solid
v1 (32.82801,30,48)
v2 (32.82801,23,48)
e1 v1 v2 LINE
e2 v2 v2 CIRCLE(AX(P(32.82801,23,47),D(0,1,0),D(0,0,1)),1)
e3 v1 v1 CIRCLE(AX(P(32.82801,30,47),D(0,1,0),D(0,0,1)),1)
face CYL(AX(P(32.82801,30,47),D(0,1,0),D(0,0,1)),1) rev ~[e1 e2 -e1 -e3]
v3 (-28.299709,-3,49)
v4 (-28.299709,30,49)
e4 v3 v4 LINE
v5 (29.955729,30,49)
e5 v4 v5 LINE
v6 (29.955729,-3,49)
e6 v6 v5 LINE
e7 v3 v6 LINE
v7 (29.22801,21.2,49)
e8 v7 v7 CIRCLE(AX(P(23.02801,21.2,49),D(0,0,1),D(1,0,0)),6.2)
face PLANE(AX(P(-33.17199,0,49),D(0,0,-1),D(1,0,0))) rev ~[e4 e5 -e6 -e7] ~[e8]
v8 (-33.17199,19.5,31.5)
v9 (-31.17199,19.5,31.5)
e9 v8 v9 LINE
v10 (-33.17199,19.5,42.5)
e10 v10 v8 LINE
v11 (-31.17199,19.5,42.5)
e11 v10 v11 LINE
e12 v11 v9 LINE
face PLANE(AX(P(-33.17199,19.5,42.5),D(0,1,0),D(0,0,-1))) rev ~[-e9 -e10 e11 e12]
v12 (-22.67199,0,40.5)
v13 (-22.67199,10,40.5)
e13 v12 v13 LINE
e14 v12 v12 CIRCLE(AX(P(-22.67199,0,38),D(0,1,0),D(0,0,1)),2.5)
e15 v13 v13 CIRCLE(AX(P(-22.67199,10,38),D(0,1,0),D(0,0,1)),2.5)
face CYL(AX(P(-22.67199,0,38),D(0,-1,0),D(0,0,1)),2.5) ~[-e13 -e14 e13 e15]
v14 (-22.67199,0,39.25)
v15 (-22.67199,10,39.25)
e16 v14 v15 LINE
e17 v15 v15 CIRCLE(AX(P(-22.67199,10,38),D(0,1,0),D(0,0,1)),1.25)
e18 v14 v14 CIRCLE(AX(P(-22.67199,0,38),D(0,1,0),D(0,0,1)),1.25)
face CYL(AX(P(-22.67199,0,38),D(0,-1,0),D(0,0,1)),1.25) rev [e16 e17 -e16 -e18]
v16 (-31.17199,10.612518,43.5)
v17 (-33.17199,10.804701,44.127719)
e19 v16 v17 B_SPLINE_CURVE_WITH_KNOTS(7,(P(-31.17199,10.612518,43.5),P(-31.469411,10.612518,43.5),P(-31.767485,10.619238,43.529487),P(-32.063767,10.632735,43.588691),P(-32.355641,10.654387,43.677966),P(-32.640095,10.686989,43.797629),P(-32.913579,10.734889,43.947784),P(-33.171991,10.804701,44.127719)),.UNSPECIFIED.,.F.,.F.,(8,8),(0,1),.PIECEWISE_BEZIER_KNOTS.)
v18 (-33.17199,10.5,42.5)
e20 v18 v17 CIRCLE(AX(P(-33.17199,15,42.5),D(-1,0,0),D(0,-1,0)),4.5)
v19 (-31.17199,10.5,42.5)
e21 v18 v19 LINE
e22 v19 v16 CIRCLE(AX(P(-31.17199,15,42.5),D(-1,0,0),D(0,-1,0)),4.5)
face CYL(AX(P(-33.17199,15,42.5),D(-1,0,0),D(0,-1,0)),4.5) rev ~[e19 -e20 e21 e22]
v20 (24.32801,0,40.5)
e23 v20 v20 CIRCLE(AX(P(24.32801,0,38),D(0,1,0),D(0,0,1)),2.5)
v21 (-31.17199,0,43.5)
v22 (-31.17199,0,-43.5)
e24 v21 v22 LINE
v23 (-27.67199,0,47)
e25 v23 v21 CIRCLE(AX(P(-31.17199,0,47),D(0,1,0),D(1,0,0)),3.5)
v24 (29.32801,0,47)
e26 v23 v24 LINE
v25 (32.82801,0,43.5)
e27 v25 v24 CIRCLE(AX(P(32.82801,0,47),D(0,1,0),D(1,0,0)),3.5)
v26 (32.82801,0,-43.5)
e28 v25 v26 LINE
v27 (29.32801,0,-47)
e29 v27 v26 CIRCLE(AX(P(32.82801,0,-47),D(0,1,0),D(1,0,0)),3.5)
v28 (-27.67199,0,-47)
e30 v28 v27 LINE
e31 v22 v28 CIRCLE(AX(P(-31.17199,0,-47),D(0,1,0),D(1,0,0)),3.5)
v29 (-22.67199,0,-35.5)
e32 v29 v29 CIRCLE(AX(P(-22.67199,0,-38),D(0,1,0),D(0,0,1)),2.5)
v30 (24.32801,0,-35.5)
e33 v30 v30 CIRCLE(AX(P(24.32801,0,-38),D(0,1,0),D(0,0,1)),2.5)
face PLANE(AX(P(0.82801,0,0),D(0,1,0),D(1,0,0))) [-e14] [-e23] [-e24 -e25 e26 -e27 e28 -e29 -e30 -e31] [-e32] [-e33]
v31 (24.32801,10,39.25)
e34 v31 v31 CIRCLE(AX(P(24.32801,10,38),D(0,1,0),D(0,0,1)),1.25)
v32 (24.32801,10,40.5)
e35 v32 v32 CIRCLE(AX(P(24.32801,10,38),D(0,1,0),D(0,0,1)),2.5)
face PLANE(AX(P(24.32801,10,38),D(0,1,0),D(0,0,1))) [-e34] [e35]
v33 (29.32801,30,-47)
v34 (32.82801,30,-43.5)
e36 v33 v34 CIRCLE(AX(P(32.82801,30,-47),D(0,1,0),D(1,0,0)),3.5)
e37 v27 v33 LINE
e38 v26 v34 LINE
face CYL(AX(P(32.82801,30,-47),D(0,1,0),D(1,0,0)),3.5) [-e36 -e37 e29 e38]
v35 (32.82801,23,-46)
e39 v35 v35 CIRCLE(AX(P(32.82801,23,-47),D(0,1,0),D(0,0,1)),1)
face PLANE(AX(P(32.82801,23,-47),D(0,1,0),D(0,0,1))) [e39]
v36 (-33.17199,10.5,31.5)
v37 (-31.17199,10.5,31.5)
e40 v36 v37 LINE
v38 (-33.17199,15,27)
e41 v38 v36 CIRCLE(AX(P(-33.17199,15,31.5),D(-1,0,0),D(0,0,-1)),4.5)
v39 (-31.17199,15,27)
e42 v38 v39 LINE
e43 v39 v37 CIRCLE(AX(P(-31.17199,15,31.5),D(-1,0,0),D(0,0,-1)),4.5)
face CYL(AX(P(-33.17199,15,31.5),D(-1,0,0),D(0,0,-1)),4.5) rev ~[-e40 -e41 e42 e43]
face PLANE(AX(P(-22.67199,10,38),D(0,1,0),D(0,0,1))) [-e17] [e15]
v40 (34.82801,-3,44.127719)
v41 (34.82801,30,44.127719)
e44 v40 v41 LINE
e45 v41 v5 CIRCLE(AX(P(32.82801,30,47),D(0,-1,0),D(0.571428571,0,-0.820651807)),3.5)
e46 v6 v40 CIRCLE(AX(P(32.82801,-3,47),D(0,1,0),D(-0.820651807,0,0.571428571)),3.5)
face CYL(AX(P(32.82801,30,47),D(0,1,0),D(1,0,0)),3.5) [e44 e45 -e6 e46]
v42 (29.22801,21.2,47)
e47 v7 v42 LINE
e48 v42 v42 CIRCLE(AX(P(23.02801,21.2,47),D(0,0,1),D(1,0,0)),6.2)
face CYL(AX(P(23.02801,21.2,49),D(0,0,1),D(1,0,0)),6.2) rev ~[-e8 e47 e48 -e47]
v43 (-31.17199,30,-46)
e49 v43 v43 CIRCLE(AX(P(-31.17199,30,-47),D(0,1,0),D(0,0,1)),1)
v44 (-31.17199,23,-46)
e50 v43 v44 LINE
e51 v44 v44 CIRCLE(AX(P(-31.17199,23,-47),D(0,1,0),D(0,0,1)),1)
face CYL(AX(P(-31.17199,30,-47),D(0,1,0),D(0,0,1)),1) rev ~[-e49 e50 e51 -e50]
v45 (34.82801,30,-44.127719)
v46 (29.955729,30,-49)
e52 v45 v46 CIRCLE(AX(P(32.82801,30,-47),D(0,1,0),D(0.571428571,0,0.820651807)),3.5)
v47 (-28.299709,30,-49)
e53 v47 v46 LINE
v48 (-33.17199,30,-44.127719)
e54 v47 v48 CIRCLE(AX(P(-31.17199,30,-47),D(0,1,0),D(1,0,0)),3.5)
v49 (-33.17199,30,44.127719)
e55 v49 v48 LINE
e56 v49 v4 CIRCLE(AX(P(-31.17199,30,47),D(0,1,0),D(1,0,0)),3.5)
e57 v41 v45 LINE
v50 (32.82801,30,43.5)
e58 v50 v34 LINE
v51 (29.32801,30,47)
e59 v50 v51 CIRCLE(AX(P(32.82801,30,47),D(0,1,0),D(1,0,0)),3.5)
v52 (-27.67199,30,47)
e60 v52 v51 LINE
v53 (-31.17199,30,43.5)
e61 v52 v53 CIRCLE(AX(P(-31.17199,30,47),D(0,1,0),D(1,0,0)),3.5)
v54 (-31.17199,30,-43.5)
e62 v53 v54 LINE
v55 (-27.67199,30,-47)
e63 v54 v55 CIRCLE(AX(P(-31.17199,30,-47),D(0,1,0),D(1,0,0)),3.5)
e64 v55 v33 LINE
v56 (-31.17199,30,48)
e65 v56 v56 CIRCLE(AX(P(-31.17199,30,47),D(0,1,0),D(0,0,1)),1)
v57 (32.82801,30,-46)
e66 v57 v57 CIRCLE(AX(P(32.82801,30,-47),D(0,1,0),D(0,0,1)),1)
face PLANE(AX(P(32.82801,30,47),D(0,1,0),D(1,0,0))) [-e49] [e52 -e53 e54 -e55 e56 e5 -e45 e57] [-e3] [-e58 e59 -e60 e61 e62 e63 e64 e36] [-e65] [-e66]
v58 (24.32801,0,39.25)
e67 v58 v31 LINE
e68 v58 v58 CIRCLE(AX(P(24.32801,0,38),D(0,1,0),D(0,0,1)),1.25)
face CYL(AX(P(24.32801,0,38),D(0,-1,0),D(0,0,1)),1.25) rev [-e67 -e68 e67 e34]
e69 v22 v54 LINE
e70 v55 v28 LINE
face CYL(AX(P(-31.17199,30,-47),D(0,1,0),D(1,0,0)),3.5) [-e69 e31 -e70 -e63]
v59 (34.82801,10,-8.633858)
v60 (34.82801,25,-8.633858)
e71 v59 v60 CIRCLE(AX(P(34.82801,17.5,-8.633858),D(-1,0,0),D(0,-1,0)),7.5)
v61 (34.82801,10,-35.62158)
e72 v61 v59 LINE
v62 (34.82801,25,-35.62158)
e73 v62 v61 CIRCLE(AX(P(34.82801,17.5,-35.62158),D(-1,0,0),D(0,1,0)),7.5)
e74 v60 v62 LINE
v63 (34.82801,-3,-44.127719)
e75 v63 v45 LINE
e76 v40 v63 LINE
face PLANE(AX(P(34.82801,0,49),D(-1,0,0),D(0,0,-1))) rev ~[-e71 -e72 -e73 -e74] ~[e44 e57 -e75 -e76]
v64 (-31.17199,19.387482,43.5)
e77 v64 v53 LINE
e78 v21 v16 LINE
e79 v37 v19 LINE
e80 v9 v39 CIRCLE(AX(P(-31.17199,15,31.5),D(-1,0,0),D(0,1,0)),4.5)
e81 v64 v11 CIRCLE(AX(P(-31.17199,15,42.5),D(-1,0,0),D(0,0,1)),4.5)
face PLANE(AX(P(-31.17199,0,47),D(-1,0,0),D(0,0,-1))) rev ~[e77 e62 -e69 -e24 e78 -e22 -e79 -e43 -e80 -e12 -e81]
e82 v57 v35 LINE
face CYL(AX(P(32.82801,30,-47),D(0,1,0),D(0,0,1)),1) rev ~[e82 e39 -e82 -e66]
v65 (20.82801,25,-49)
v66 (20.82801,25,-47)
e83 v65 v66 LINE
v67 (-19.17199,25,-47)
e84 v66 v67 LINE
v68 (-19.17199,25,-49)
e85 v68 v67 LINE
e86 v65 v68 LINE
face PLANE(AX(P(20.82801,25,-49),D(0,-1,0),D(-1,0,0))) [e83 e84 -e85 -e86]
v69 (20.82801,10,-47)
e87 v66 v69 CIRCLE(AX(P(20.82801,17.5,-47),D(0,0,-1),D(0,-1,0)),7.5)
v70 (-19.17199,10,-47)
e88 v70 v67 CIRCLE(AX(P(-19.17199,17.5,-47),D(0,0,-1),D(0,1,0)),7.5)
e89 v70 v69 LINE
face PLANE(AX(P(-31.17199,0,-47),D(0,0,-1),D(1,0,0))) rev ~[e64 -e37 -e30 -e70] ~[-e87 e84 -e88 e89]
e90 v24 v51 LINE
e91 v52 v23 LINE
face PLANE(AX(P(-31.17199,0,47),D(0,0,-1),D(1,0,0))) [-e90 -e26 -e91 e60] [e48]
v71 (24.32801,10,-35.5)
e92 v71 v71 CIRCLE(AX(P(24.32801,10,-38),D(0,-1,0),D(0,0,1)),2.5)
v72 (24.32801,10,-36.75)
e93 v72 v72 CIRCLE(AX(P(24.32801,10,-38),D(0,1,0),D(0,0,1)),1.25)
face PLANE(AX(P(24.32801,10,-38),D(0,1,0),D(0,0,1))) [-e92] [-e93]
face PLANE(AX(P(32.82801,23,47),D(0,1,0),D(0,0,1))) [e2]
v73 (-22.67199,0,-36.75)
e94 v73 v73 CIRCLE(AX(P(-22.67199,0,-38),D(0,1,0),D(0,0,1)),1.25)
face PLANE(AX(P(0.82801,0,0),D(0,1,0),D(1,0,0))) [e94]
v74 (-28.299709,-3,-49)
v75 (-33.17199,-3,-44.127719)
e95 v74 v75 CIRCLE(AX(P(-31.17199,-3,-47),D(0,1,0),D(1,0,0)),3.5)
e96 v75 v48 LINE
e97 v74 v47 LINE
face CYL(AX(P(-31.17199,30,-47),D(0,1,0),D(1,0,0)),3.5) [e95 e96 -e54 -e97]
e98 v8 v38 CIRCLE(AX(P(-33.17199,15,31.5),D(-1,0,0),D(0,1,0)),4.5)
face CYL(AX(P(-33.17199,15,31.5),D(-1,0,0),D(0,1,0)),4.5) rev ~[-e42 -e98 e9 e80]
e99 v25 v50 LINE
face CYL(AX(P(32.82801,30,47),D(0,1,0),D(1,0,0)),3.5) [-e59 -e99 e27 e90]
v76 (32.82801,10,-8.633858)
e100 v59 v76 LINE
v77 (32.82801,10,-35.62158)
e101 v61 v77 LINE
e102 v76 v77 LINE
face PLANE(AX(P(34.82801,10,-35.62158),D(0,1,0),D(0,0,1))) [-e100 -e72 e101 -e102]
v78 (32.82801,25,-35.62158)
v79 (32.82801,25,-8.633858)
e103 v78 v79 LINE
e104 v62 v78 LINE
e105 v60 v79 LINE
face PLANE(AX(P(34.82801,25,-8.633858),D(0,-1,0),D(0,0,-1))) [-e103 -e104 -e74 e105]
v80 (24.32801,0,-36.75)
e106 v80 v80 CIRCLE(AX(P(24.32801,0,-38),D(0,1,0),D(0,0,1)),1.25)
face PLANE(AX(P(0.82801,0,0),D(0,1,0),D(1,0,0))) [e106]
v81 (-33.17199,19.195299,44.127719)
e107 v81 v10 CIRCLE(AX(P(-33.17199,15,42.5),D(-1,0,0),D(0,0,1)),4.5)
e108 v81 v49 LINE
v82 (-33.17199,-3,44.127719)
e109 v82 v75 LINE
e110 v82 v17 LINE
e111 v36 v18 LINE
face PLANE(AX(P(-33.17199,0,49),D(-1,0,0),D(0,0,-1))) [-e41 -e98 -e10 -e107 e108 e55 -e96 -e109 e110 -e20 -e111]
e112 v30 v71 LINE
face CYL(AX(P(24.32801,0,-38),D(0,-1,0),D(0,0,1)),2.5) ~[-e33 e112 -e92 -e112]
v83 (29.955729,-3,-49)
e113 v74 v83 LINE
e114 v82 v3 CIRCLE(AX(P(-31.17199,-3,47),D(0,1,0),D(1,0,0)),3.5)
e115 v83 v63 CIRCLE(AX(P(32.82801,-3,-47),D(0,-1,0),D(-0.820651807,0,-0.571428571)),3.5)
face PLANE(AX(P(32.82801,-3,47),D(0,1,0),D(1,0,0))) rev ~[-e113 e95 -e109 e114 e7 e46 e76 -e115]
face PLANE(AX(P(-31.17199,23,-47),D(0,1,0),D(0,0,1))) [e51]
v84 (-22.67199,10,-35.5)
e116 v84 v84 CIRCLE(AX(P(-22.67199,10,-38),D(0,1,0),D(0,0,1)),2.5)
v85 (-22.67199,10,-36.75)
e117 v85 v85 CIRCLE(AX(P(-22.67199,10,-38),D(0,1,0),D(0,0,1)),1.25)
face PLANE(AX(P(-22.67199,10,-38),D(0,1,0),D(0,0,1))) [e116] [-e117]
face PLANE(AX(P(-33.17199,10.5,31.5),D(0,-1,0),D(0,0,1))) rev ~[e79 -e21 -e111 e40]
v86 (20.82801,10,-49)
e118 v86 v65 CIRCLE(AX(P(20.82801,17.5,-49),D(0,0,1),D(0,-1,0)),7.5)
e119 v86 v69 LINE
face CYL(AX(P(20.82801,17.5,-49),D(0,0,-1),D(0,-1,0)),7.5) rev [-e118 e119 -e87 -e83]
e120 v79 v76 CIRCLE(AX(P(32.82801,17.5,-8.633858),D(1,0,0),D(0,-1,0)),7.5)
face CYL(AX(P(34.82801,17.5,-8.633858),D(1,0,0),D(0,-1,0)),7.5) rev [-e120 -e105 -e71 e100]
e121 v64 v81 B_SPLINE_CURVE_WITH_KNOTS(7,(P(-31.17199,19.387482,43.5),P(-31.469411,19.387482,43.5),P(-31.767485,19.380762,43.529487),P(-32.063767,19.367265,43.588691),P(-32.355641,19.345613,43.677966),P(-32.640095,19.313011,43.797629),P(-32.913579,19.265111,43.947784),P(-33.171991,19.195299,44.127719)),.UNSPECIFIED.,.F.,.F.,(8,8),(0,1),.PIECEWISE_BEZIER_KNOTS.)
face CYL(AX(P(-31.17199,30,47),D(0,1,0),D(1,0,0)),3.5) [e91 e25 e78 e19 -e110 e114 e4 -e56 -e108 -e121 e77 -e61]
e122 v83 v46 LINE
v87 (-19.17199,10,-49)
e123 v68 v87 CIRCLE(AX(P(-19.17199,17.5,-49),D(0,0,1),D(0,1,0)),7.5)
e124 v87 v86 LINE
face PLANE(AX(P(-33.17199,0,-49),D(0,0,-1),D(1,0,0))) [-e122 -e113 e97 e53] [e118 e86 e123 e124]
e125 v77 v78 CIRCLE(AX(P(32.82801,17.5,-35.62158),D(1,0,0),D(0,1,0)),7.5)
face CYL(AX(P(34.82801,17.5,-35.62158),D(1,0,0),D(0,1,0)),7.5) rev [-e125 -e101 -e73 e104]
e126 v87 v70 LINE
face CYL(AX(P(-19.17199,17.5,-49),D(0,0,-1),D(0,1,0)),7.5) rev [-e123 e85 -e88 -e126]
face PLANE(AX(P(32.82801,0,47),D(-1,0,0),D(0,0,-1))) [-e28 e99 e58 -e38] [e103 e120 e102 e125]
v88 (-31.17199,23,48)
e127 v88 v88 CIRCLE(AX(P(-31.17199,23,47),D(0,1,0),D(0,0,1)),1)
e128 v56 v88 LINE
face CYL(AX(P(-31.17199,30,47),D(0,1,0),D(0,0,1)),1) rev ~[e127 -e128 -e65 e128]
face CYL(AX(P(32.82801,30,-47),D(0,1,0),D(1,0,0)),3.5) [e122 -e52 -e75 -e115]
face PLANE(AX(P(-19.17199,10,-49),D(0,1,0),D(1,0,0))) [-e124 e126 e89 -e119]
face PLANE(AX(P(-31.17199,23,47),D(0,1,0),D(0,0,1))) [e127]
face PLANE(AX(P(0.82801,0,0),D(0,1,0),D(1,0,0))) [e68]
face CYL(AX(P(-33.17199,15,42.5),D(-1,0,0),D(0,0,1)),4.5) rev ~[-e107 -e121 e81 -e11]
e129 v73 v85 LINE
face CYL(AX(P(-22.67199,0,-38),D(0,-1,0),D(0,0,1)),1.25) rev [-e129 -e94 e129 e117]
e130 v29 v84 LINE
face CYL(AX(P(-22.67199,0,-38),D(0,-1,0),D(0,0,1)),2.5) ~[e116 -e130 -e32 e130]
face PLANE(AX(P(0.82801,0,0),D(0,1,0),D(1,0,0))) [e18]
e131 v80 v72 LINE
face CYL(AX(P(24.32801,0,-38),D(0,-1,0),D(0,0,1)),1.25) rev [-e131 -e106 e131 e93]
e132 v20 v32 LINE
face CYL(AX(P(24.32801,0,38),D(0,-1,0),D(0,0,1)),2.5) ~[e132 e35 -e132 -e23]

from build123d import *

# Parameters (mm, degrees)
SKETCH1_R             = 2.5
SKETCH1_R_2           = 1.25
BOSS_EXTRUDE1_DEPTH   = 10
BOSS_EXTRUDE1_2_DEPTH = 10
BOSS_EXTRUDE1_3_DEPTH = 10
BOSS_EXTRUDE1_4_DEPTH = 10
SKETCH2_W             = 68
SKETCH2_H             = 98
BOSS_EXTRUDE2_DEPTH   = 3
SKETCH3_W             = 68
SKETCH3_H             = 98
SKETCH3_W_2           = 64
SKETCH3_H_2           = 94
BOSS_EXTRUDE3_DEPTH   = 30
SKETCH4_R             = 6.2
CUT_EXTRUDE1_DEPTH    = 25
CUT_EXTRUDE2_DEPTH    = 5
SKETCH7_R             = 3.5
BOSS_EXTRUDE5_DEPTH   = 33
SKETCH8_R             = 1
CUT_EXTRUDE3_DEPTH    = 7
CUT_EXTRUDE6_DEPTH    = 3.3
CUT_EXTRUDE7_DEPTH    = 10


with BuildPart() as part:
    # Sketch1 → Boss-Extrude1 (new body)
    with BuildSketch(Plane(origin=(0, 0, 0), x_dir=(1, 0, 0), z_dir=(0, 1, 0))):
        with Locations(Location((24.328009845, -38, 0), (0, 0, 270))):
            Circle(SKETCH1_R)
        with Locations(Location((24.328009845, -38, 0), (0, 0, 270))):
            Circle(SKETCH1_R_2, mode=Mode.SUBTRACT)
    extrude(amount=BOSS_EXTRUDE1_DEPTH)



with BuildPart() as body_2:
    # Sketch1 → Boss-Extrude1 2 (new body)
    with BuildSketch(Plane(origin=(0, 0, 0), x_dir=(1, 0, 0), z_dir=(0, 1, 0))):
        with Locations(Location((24.328009845, 38, 0), (0, 0, 270))):
            Circle(SKETCH1_R)
        with Locations(Location((24.328009845, 38, 0), (0, 0, 270))):
            Circle(SKETCH1_R_2, mode=Mode.SUBTRACT)
    extrude(amount=BOSS_EXTRUDE1_2_DEPTH)


with BuildPart() as body_3:
    # Sketch1 → Boss-Extrude1 3 (new body)
    with BuildSketch(Plane(origin=(0, 0, 0), x_dir=(1, 0, 0), z_dir=(0, 1, 0))):
        with Locations(Location((-22.671990155, 38, 0), (0, 0, 270))):
            Circle(SKETCH1_R)
        with Locations(Location((-22.671990155, 38, 0), (0, 0, 270))):
            Circle(SKETCH1_R_2, mode=Mode.SUBTRACT)
    extrude(amount=BOSS_EXTRUDE1_3_DEPTH)


with BuildPart() as body_4:
    # Sketch1 → Boss-Extrude1 4 (new body)
    with BuildSketch(Plane(origin=(0, 0, 0), x_dir=(1, 0, 0), z_dir=(0, 1, 0))):
        with Locations(Location((-22.671990155, -38, 0), (0, 0, 270))):
            Circle(SKETCH1_R)
        with Locations(Location((-22.671990155, -38, 0), (0, 0, 270))):
            Circle(SKETCH1_R_2, mode=Mode.SUBTRACT)
    extrude(amount=BOSS_EXTRUDE1_4_DEPTH)


with BuildPart() as part_1:
    add(part.part)

    add(body_2.part)  # Boss-Extrude2 merges body 2

    add(body_3.part)  # Boss-Extrude2 merges body 3

    add(body_4.part)  # Boss-Extrude2 merges body 4
    # Sketch2 → Boss-Extrude2 (add)
    with BuildSketch(Plane(origin=(0, 0, 0), x_dir=(1, 0, 0), z_dir=(0, 1, 0))):
        with Locations((0.828009845, 0)):
            Rectangle(SKETCH2_W, SKETCH2_H)
    extrude(amount=-BOSS_EXTRUDE2_DEPTH)

    # Sketch3 → Boss-Extrude3 (add)
    with BuildSketch(Plane(origin=(0, 0, 0), x_dir=(1, 0, 0), z_dir=(0, 1, 0))):
        with Locations((0.828009845, 0)):
            Rectangle(SKETCH3_W, SKETCH3_H)
        with Locations((0.828009845, 0)):
            Rectangle(SKETCH3_W_2, SKETCH3_H_2, mode=Mode.SUBTRACT)
    extrude(amount=BOSS_EXTRUDE3_DEPTH)

    # Sketch4 → Cut-Extrude1 (cut)
    with BuildSketch(Plane.XY.offset(49)):
        with Locations((23.028009845, 21.2)):
            Circle(SKETCH4_R)
    extrude(amount=-CUT_EXTRUDE1_DEPTH, mode=Mode.SUBTRACT)

    # Sketch5 → Cut-Extrude2 (cut)
    with BuildSketch(Plane.ZY.offset(33.171990155)):
        with BuildLine():
            Line((42.5, 19.5), (31.5, 19.5))
            ThreePointArc((31.5, 19.5), (28.318019485, 18.181980515), (27, 15))
            Line((27, 15), (37, 15))
            Line((37, 15), (47, 15))
            ThreePointArc((47, 15), (45.681980515, 18.181980515), (42.5, 19.5))
        make_face()
        with BuildLine():
            Line((37, 15), (27, 15))
            ThreePointArc((27, 15), (28.318019485, 11.818019485), (31.5, 10.5))
            Line((31.5, 10.5), (37, 10.5))
            Line((37, 10.5), (37, 15))
        make_face()
        with BuildLine():
            ThreePointArc((42.5, 10.5), (45.681980515, 11.818019485), (47, 15))
            Line((47, 15), (37, 15))
            Line((37, 15), (37, 10.5))
            Line((37, 10.5), (42.5, 10.5))
        make_face()
    extrude(amount=-CUT_EXTRUDE2_DEPTH, mode=Mode.SUBTRACT)

    # Sketch7 → Boss-Extrude5 (add)
    with BuildSketch(Plane(origin=(0, 30, 0), x_dir=(1, 0, 0), z_dir=(0, 1, 0))):
        with Locations((32.828009845, -47)):
            Circle(SKETCH7_R)
        with Locations((32.828009845, 47)):
            Circle(SKETCH7_R)
        with Locations((-31.171990155, 47)):
            Circle(SKETCH7_R)
        with Locations((-31.171990155, -47)):
            Circle(SKETCH7_R)
    extrude(amount=-BOSS_EXTRUDE5_DEPTH)

    # Sketch8 → Cut-Extrude3 (cut)
    with BuildSketch(Plane(origin=(0, 30, 0), x_dir=(1, 0, 0), z_dir=(0, 1, 0))):
        with Locations(Location((-31.171990155, -47, 0), (0, 0, 270))):
            Circle(SKETCH8_R)
        with Locations(Location((32.828009845, -47, 0), (0, 0, 270))):
            Circle(SKETCH8_R)
        with Locations(Location((32.828009845, 47, 0), (0, 0, 270))):
            Circle(SKETCH8_R)
        with Locations(Location((-31.171990155, 47, 0), (0, 0, 270))):
            Circle(SKETCH8_R)
    extrude(amount=-CUT_EXTRUDE3_DEPTH, mode=Mode.SUBTRACT)

    # Sketch12 → Cut-Extrude6 (cut)
    with BuildSketch(Plane(origin=(0, 0, -49), x_dir=(-1, 0, 0), z_dir=(0, 0, -1))):
        with BuildLine():
            Line((-20.828009845, 25), (19.171990155, 25))
            ThreePointArc((19.171990155, 25), (26.671990155, 17.5), (19.171990155, 10))
            Line((19.171990155, 10), (-20.828009845, 10))
            ThreePointArc((-20.828009845, 10), (-28.328009845, 17.5), (-20.828009845, 25))
        make_face()
    extrude(amount=-CUT_EXTRUDE6_DEPTH, mode=Mode.SUBTRACT)

    # Sketch14 → Cut-Extrude7 (cut)
    with BuildSketch(Plane(origin=(34.828009845, 0, 0), x_dir=(0, 0, -1), z_dir=(1, 0, 0))):
        with BuildLine():
            Line((8.633857568, 25), (35.621579786, 25))
            ThreePointArc((35.621579786, 25), (43.121579786, 17.5), (35.621579786, 10))
            Line((35.621579786, 10), (8.633857568, 10))
            ThreePointArc((8.633857568, 10), (1.133857568, 17.5), (8.633857568, 25))
        make_face()
    extrude(amount=-CUT_EXTRUDE7_DEPTH, mode=Mode.SUBTRACT)


solid = part_1.part
